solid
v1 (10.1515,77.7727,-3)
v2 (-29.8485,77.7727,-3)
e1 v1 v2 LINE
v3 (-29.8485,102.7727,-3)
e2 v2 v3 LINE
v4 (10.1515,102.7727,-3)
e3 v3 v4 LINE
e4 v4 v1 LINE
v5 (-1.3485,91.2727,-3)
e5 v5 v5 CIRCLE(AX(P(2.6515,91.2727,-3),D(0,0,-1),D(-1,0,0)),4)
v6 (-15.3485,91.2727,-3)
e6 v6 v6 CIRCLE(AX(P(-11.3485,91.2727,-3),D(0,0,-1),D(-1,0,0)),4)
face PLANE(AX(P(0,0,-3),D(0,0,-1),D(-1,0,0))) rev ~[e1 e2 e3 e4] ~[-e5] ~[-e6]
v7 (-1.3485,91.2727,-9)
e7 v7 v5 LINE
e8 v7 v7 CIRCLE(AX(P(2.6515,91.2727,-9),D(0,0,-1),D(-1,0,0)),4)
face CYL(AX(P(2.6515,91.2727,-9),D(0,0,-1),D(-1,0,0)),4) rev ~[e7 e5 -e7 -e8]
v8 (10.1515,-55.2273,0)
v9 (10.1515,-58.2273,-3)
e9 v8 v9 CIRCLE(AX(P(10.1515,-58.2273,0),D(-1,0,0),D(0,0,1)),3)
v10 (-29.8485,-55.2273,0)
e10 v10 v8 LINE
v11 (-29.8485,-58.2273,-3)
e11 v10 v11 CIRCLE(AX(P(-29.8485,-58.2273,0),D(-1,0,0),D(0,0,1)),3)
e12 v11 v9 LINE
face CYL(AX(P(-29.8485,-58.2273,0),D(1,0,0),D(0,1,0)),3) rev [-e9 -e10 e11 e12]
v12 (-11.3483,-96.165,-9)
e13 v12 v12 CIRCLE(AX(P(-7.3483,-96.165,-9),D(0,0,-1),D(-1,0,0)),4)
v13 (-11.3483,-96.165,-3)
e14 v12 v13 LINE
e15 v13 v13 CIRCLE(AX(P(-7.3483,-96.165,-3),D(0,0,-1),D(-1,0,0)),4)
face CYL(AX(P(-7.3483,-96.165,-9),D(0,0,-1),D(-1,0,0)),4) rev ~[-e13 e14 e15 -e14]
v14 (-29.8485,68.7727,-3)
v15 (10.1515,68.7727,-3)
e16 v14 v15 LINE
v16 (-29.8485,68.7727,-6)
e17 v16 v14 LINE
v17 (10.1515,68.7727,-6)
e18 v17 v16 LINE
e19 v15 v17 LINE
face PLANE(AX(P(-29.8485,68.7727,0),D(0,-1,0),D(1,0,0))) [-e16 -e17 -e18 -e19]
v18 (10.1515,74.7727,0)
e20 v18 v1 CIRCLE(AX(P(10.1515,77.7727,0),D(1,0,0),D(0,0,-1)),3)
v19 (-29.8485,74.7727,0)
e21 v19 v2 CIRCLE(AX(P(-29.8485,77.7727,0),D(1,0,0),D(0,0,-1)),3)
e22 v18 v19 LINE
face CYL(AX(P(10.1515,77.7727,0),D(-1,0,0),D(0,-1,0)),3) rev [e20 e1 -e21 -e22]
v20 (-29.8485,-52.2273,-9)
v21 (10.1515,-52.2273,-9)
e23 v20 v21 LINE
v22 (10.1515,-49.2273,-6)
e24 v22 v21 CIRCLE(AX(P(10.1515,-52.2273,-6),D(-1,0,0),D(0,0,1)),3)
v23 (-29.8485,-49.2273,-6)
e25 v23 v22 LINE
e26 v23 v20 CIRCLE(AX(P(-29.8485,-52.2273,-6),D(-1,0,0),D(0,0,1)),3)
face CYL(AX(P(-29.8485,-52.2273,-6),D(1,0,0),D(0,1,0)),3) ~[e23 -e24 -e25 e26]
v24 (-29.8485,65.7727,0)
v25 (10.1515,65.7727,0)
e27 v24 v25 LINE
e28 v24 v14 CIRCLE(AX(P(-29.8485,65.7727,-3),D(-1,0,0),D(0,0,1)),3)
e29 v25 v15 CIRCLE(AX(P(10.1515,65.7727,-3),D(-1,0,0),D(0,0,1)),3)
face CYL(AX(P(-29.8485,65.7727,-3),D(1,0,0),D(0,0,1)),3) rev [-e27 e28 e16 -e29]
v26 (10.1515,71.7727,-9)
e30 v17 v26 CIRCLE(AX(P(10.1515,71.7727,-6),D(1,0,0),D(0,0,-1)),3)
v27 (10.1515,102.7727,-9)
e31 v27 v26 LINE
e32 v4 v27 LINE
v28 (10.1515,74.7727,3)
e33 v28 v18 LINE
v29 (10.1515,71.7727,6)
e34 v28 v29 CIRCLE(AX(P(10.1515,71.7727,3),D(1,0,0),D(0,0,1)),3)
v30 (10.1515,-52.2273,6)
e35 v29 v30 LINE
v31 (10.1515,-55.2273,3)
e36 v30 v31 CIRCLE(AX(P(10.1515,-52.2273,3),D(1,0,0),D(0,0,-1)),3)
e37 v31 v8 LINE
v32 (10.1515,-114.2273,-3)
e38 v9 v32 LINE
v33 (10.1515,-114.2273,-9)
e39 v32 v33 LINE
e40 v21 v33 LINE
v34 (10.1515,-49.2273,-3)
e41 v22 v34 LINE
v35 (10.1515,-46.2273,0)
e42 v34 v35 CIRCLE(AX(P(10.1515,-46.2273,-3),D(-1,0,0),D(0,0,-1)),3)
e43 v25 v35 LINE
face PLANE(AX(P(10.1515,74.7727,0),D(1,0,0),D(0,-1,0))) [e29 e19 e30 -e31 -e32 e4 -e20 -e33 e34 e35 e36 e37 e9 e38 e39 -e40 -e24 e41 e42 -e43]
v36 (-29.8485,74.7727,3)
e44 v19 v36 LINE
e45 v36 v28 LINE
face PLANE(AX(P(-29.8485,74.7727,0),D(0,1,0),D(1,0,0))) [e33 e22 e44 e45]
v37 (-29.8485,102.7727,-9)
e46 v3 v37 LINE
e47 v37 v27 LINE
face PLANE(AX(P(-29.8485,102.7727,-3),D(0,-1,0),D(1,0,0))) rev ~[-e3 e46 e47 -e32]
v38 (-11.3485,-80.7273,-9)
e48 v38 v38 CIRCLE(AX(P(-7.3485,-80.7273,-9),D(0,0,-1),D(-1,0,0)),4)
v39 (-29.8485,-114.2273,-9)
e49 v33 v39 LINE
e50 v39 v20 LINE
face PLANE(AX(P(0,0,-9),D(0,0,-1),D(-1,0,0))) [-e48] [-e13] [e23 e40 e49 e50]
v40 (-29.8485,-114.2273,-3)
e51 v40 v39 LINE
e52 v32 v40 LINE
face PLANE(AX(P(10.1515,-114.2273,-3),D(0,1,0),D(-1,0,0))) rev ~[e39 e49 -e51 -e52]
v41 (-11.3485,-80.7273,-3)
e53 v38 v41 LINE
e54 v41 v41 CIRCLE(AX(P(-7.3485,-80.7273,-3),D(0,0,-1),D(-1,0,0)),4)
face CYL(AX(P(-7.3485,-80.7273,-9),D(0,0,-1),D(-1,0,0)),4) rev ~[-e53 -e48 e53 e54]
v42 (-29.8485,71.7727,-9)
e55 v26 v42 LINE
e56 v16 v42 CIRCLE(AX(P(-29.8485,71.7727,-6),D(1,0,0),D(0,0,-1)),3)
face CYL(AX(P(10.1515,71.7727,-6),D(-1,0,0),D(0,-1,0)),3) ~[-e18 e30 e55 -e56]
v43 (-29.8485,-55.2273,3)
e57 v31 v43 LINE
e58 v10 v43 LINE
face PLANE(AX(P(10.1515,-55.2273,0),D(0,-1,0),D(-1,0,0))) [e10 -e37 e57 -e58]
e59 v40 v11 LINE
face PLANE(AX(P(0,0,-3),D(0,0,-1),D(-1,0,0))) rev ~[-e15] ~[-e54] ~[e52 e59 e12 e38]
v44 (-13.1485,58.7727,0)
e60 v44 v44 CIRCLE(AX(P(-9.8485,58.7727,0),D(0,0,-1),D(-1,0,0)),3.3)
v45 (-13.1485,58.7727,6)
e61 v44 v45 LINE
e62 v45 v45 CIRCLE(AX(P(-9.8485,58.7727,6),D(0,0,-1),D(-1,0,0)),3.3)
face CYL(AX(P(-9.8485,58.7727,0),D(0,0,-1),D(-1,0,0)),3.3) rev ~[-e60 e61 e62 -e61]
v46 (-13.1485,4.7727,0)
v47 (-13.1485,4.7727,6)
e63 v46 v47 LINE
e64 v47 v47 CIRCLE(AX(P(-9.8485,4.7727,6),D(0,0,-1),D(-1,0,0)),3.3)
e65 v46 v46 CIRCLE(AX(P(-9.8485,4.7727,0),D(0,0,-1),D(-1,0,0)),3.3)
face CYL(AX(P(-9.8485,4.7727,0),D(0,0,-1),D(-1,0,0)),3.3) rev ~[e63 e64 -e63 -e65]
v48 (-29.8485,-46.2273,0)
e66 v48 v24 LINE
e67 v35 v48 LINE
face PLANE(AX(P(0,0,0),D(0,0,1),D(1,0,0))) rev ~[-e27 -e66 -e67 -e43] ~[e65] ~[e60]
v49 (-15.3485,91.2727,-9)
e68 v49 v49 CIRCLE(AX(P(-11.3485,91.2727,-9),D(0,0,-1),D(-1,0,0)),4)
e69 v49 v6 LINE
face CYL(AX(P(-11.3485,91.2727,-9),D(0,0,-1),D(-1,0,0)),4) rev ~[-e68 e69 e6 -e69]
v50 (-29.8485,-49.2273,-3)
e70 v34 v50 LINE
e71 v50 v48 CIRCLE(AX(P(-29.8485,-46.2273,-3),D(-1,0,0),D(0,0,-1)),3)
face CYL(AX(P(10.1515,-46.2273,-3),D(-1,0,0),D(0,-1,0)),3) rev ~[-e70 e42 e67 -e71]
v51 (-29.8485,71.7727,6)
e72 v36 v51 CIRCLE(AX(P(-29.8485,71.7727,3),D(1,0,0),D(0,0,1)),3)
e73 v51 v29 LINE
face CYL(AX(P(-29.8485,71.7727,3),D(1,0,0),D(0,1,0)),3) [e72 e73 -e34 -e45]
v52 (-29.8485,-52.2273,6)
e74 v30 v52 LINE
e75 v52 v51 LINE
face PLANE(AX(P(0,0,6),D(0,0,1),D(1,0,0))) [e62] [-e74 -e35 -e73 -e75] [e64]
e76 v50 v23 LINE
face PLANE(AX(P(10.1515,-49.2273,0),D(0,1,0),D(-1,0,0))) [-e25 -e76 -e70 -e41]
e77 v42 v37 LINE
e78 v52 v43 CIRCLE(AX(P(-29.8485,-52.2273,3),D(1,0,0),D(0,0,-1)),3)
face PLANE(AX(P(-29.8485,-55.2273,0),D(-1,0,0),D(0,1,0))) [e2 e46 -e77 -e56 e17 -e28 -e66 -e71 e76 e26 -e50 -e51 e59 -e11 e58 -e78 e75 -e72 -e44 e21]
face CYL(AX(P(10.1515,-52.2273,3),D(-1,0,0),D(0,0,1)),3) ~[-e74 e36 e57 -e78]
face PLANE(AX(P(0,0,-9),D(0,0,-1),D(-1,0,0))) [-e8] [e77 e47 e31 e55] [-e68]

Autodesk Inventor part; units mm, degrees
ref_plane "YZ Plane" through (0, 0, 0) normal (1, 0, 0) x (0, 1, 0)
ref_plane "XZ Plane" through (0, 0, 0) normal (0, 1, 0) x (-1, 0, 0)
ref_plane "XY Plane" through (0, 0, 0) normal (0, 0, 1) x (1, 0, 0)
sketch "Sketch1" plane through (0, 0, 0) normal (0, 0, 1) x (1, 0, 0)
  line L0 (-29.8485, 74.7727) -> (10.1515, 74.7727)
  line L1 (10.1515, 74.7727) -> (10.1515, -55.2273)
  line L2 (10.1515, -55.2273) -> (-29.8485, -55.2273)
  line L3 (-29.8485, -55.2273) -> (-29.8485, 74.7727)
  point P0 (0, 0)
  dimension "d0" = 40
  dimension "d1" = 130
extrude "Extrusion1" add sketch "Sketch1" along normal blind 6
sketch "Sketch2" plane through (0, 0, 0) normal (0, 0, -1) x (-1, 0, 0)
  circle A0 centre (9.8485, 58.7727) radius 3.3 projected
  circle A1 centre (9.8485, 4.7727) radius 3.3 projected
  point P0 (0, 0)
extrude "Extrusion2" cut sketch "Sketch2" against normal through all
sketch "Sketch3" plane through (0, 0, 0) normal (0, 0, -1) x (-1, 0, 0)
  line L0 (-10.1515, 74.7727) -> (-10.1515, -55.2273) projected
  line L1 (29.8485, -55.2273) -> (29.8485, 74.7727) projected
  line L2 (-10.1515, 74.7727) -> (29.8485, 74.7727)
  line L3 (29.8485, 74.7727) -> (29.8485, 68.7727)
  line L4 (29.8485, 68.7727) -> (-10.1515, 68.7727)
  line L5 (-10.1515, 68.7727) -> (-10.1515, 74.7727)
  line L6 (-10.1515, -55.2273) -> (-10.1515, 74.7727) projected
  line L7 (29.8485, -55.2273) -> (-10.1515, -55.2273)
  line L8 (-10.1515, -55.2273) -> (-10.1515, -49.2273)
  line L9 (-10.1515, -49.2273) -> (29.8485, -49.2273)
  line L10 (29.8485, -49.2273) -> (29.8485, -55.2273)
  point P0 (0, 0)
  dimension "d6" = 6
  dimension "d7" = 6
extrude "Extrusion3" add sketch "Sketch3" along normal blind 3 contours L2 L1 L4 L0 | L9 L1 L7 L0
sketch "Sketch4" plane through (0, 0, -3) normal (0, 0, -1) x (-1, 0, 0)
  line L0 (-10.1515, 68.7727) -> (29.8485, 68.7727) projected
  line L1 (-10.1515, 68.7727) -> (29.8485, 68.7727)
  line L2 (29.8485, 68.7727) -> (29.8485, 102.7727)
  line L3 (29.8485, 102.7727) -> (-10.1515, 102.7727)
  line L4 (-10.1515, 102.7727) -> (-10.1515, 68.7727)
  line L5 (29.8485, -49.2273) -> (-10.1515, -49.2273) projected
  line L6 (29.8485, -49.2273) -> (-10.1515, -49.2273)
  line L7 (-10.1515, -49.2273) -> (-10.1515, -114.2273)
  line L8 (-10.1515, -114.2273) -> (29.8485, -114.2273)
  line L9 (29.8485, -114.2273) -> (29.8485, -49.2273)
  point P0 (0, 0)
  dimension "d10" = 34
  dimension "d11" = 65
  dimension "d12" = 40
  dimension "d13" = 40
extrude "Extrusion4" add sketch "Sketch4" along normal blind 6
fillet "Fillet1" radius 3 8 edges at (-9.8485, 68.7727, 0) (-9.8485, 68.7727, -9) (-9.8485, 74.7727, -3) (-9.8485, 74.7727, 6) (-9.8485, -49.2273, 0) (-9.8485, -49.2273, -9) (-9.8485, -55.2273, -3) (-9.8485, -55.2273, 6)
sketch "Sketch5" plane through (0, 0, -9) normal (0, 0, -1) x (-1, 0, 0)
  circle A0 centre (11.3485, 91.2727) radius 4
  circle A1 centre (-2.6515, 91.2727) radius 4
  circle A2 centre (-2.6515, 91.2727) radius 4
  circle A3 centre (11.3485, 91.2727) radius 4
  circle A4 centre (-2.6515, 91.2727) radius 4
  circle A5 centre (11.3485, 91.2727) radius 4
  circle A6 centre (7.3485, -80.7273) radius 4
  circle A7 centre (7.3483, -96.165) radius 4
  point P0 (0, 0)
extrude "Extrusion5" cut sketch "Sketch5" against normal through all
properties part number "Ball screw right hand support"
